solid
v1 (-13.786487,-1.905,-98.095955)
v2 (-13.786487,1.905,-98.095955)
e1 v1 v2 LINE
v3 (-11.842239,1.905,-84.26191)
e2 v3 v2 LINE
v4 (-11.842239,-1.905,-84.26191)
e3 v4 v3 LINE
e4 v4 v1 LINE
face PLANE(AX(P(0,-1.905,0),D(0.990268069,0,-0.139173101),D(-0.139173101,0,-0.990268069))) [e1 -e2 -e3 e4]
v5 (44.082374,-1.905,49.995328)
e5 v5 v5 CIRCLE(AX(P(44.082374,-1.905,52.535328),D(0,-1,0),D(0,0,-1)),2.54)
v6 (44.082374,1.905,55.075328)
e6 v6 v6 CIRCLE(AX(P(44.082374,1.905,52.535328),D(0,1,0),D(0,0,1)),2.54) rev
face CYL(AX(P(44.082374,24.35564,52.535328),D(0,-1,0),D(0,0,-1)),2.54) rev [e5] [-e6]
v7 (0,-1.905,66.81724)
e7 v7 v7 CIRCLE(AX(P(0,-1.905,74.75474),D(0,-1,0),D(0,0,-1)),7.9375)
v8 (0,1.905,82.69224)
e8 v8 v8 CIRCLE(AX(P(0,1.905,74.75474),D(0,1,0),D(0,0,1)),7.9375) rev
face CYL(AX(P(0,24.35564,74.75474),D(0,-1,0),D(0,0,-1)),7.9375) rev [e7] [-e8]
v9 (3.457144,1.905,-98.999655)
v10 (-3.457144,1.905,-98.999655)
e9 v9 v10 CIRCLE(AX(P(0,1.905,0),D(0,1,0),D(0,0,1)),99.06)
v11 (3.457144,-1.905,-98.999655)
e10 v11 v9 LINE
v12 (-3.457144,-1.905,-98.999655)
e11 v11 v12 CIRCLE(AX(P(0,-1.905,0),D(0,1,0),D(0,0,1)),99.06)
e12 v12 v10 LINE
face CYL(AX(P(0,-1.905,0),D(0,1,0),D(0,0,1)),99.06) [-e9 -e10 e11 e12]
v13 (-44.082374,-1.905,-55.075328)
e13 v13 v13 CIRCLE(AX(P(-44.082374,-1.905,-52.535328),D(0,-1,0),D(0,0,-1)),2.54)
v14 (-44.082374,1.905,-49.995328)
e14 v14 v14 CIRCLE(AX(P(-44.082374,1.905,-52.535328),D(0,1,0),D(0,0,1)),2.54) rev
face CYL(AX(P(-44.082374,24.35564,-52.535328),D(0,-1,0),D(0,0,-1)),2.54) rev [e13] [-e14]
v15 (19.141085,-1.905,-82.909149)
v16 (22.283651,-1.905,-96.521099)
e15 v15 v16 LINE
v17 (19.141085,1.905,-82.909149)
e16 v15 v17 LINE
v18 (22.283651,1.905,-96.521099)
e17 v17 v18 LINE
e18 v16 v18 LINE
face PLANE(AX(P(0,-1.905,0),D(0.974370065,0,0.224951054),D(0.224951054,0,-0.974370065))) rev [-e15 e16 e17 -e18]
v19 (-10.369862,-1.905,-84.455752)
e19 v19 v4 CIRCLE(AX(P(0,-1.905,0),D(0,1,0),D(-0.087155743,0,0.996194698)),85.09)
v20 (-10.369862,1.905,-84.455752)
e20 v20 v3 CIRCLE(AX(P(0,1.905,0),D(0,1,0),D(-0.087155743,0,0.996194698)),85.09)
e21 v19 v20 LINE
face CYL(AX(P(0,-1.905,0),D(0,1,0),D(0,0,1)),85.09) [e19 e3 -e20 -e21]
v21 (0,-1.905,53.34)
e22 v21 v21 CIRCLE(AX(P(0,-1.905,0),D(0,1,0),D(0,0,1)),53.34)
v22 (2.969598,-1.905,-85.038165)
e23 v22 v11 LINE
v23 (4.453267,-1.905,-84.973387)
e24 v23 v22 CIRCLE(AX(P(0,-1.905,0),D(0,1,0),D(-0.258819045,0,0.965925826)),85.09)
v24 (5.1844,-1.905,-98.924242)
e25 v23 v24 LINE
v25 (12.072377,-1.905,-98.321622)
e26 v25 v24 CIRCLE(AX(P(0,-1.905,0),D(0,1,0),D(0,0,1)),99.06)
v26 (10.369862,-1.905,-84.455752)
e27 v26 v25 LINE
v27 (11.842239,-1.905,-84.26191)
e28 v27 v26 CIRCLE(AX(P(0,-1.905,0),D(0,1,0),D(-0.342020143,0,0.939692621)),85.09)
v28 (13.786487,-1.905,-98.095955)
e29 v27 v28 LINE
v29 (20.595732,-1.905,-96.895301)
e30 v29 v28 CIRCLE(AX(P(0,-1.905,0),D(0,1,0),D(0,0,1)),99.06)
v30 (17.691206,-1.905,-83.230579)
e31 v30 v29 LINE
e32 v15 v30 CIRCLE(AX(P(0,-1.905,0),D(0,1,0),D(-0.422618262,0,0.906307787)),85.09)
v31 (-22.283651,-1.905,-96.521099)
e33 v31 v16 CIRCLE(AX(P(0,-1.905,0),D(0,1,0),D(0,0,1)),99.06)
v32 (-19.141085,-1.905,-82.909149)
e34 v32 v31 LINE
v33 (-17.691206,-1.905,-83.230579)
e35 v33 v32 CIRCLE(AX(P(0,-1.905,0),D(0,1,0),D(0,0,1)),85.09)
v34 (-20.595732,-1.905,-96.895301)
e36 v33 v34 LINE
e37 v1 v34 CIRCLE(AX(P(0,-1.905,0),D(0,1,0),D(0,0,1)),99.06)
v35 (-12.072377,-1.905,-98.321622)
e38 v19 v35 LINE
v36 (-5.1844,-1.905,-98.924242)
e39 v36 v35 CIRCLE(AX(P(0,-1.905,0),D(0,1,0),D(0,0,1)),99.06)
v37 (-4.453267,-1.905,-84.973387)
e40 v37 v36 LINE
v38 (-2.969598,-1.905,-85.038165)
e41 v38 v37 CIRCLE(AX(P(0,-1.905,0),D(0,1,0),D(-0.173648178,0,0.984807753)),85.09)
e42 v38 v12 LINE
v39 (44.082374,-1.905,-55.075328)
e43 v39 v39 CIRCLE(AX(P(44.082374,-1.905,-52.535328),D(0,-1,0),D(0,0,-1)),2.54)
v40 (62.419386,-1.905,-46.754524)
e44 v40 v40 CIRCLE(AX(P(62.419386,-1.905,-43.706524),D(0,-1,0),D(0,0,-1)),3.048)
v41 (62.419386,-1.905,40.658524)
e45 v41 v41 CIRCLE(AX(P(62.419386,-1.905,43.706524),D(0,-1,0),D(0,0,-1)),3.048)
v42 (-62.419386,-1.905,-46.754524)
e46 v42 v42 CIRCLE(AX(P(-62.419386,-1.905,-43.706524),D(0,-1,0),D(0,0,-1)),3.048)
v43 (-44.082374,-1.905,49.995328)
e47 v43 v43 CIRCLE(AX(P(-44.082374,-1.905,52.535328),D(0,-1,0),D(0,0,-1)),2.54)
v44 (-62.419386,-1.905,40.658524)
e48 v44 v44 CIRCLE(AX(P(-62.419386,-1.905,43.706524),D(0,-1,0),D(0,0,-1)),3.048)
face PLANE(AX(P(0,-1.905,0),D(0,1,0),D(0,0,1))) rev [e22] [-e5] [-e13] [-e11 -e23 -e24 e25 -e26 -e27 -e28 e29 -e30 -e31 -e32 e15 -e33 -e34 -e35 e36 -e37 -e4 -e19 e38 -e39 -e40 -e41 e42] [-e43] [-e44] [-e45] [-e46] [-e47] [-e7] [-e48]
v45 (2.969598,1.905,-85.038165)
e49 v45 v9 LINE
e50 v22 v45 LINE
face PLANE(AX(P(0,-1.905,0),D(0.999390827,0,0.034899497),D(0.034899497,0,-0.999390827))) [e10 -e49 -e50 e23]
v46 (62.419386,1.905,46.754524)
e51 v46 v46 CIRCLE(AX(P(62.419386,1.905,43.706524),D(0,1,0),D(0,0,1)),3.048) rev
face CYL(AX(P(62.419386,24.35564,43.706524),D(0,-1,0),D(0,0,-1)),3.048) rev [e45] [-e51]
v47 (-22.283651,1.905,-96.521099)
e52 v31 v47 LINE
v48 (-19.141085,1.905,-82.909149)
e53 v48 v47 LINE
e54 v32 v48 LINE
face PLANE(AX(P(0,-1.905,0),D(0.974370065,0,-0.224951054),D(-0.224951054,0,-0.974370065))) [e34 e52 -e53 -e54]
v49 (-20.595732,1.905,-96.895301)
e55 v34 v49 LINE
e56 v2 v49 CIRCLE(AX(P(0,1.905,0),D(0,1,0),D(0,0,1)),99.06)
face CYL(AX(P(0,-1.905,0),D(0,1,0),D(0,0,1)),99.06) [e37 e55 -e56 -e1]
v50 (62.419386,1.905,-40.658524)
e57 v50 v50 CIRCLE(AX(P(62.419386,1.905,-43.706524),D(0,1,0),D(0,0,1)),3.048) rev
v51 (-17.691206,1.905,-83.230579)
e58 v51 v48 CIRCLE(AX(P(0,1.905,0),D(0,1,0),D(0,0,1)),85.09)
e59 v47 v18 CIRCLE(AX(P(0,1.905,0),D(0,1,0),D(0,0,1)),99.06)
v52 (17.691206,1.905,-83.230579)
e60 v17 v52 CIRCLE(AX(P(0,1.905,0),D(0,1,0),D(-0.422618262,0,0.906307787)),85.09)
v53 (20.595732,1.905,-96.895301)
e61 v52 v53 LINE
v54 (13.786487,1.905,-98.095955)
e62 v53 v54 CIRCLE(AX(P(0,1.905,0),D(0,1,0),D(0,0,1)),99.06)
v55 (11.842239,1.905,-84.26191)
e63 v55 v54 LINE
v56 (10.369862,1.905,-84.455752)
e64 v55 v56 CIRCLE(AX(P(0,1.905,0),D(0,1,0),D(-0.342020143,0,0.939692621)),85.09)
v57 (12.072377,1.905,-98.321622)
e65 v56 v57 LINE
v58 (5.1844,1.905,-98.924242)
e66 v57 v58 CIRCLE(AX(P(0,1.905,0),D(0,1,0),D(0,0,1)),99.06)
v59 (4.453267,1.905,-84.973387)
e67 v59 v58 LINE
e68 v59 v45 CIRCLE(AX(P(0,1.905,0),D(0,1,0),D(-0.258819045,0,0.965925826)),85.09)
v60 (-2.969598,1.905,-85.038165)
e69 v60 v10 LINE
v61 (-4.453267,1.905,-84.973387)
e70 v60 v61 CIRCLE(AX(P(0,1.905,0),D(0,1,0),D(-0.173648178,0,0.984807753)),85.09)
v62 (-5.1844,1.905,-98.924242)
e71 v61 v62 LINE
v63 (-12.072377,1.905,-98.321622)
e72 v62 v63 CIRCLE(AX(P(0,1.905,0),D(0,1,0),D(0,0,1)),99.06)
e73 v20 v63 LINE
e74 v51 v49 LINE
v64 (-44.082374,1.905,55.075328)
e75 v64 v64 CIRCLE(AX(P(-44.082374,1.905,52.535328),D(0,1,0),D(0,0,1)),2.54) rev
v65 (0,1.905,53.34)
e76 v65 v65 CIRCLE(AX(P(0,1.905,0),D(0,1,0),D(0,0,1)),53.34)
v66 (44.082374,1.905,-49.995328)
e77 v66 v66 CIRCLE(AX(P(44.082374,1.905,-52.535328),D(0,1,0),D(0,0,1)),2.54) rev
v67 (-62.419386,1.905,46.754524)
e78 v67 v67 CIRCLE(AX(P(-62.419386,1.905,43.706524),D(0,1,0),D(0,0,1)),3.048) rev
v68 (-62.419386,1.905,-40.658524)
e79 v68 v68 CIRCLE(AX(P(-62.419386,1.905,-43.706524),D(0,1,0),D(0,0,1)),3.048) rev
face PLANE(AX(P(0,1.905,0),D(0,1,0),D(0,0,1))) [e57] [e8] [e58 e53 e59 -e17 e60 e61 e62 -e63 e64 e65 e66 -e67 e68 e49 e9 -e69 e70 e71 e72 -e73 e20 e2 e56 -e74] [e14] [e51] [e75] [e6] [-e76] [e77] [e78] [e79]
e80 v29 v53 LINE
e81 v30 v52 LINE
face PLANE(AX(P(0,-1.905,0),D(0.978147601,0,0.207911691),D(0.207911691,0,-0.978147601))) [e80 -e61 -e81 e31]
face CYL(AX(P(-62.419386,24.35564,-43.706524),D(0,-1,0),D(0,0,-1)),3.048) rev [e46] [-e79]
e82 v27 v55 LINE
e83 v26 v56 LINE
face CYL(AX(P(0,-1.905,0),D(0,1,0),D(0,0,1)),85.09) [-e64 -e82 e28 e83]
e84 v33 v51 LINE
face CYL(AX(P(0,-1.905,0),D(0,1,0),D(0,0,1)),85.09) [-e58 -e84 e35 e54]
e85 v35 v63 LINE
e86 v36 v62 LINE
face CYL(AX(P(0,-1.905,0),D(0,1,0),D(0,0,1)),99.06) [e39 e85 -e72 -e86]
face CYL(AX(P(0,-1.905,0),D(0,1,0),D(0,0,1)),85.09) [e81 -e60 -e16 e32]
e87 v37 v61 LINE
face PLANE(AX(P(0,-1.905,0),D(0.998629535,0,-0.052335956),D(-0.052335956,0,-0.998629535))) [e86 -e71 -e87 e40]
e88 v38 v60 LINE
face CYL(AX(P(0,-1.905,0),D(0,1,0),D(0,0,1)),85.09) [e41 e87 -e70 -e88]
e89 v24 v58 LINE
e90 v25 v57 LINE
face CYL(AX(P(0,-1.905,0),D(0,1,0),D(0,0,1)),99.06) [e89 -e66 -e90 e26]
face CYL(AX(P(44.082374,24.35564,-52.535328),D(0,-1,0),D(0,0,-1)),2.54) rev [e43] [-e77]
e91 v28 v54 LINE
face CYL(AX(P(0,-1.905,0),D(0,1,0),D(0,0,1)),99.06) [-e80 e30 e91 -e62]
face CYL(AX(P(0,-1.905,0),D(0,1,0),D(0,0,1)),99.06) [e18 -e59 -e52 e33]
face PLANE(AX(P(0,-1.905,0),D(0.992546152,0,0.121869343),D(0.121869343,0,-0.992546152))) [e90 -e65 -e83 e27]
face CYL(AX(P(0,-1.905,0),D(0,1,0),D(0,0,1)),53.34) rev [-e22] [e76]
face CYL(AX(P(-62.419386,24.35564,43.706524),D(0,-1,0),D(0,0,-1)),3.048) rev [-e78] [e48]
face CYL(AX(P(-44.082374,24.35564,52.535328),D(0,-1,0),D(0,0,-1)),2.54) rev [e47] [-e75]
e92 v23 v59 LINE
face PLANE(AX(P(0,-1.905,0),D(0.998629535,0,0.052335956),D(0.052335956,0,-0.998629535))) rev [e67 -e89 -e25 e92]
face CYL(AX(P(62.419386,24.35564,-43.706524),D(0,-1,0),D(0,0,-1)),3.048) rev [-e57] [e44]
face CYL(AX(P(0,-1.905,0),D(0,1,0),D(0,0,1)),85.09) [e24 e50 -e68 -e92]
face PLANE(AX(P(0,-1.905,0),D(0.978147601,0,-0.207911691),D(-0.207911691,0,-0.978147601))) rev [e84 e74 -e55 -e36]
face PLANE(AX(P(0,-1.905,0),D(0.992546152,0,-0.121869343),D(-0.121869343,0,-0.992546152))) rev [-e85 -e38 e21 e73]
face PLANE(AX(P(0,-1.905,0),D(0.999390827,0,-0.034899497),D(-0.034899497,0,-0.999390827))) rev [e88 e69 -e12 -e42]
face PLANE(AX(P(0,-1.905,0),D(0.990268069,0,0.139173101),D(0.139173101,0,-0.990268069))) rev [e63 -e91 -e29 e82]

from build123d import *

# Parameters (mm, degrees)
F_98MM_6ID_CENTERING_RING_SKETCH_R = 53.34
CENTERING_RING_EXTRUDE_DEPTH       = 1.905
CENTERING_RING_EXTRUDE_DEPTH_BACK  = 1.905
CUT_EXTRUDE3_DEPTH                 = 4.81
CIRPATTERN1_COUNT                  = 6
CIRPATTERN1_ANGLE                  = 25
SKETCH5_R                          = 3.048
SKETCH5_R_2                        = 2.54
SKETCH5_R_3                        = 7.9375
CUT_EXTRUDE4_DEPTH                 = 3.81


with BuildPart() as part:
    # 98mm - 6ID centering ring sketch → Centering Ring Extrude (new body, two sides)
    with BuildSketch(Plane(origin=(0, 0, 0), x_dir=(1, 0, 0), z_dir=(0, 1, 0))) as centering_ring_extrude_sk:
        with BuildLine():
            Line((56.425744124, 3.175), (99.009105516, 3.175))
            ThreePointArc((99.009105516, 3.175), (70.045997744, 70.045997744), (3.175, 99.009105516))
            Line((3.175, 99.009105516), (3.175, 56.425744124))
            ThreePointArc((3.175, 56.425744124), (0, 56.515), (-3.175, 56.425744124))
            Line((-3.175, 56.425744124), (-3.175, 99.009105516))
            ThreePointArc((-3.175, 99.009105516), (-70.045997744, 70.045997744), (-99.009105516, 3.175))
            Line((-99.009105516, 3.175), (-56.425744124, 3.175))
            ThreePointArc((-56.425744124, 3.175), (-56.515, 0), (-56.425744124, -3.175))
            Line((-56.425744124, -3.175), (-99.009105516, -3.175))
            ThreePointArc((-99.009105516, -3.175), (-70.045997744, -70.045997744), (-3.175, -99.009105516))
            Line((-3.175, -99.009105516), (-3.175, -56.425744124))
            ThreePointArc((-3.175, -56.425744124), (0, -56.515), (3.175, -56.425744124))
            Line((3.175, -56.425744124), (3.175, -99.009105516))
            ThreePointArc((3.175, -99.009105516), (70.045997744, -70.045997744), (99.009105516, -3.175))
            Line((99.009105516, -3.175), (56.425744124, -3.175))
            ThreePointArc((56.425744124, -3.175), (56.515, 0), (56.425744124, 3.175))
        make_face()
        Circle(F_98MM_6ID_CENTERING_RING_SKETCH_R, mode=Mode.SUBTRACT)
        with BuildLine():
            ThreePointArc((99.06, 0), (99.047275562, 1.587703943), (99.009105516, 3.175))
            Line((99.009105516, 3.175), (56.425744124, 3.175))
            ThreePointArc((56.425744124, 3.175), (56.515, 0), (56.425744124, -3.175))
            Line((56.425744124, -3.175), (99.009105516, -3.175))
            ThreePointArc((99.009105516, -3.175), (99.047275562, -1.587703943), (99.06, 0))
        make_face()
        with BuildLine():
            Line((3.175, 56.425744124), (3.175, 99.009105516))
            ThreePointArc((3.175, 99.009105516), (0, 99.06), (-3.175, 99.009105516))
            Line((-3.175, 99.009105516), (-3.175, 56.425744124))
            ThreePointArc((-3.175, 56.425744124), (0, 56.515), (3.175, 56.425744124))
        make_face()
        with BuildLine():
            Line((-56.425744124, 3.175), (-99.009105516, 3.175))
            ThreePointArc((-99.009105516, 3.175), (-99.06, 0), (-99.009105516, -3.175))
            Line((-99.009105516, -3.175), (-56.425744124, -3.175))
            ThreePointArc((-56.425744124, -3.175), (-56.515, 0), (-56.425744124, 3.175))
        make_face()
        with BuildLine():
            ThreePointArc((-3.175, -99.009105516), (0, -99.06), (3.175, -99.009105516))
            Line((3.175, -99.009105516), (3.175, -56.425744124))
            ThreePointArc((3.175, -56.425744124), (0, -56.515), (-3.175, -56.425744124))
            Line((-3.175, -56.425744124), (-3.175, -99.009105516))
        make_face()
    extrude(amount=CENTERING_RING_EXTRUDE_DEPTH)
    extrude(centering_ring_extrude_sk.sketch, amount=-CENTERING_RING_EXTRUDE_DEPTH_BACK)

    # Sketch3 → Cut-Extrude3 (cut, through all)
    with BuildSketch(Plane(origin=(0, 1.905, 0), x_dir=(1, 0, 0), z_dir=(0, 1, 0))):
        with BuildLine():
            Line((-22.283651443, 96.521098618), (-19.141085214, 82.909148813))
            ThreePointArc((-19.141085214, 82.909148813), (-18.41684675, 83.073027246), (-17.691205772, 83.230579346))
            Line((-17.691205772, 83.230579346), (-20.595732092, 96.895301329))
            ThreePointArc((-20.595732092, 96.895301329), (-21.440508157, 96.711882465), (-22.283651443, 96.521098618))
        make_face()
    cut_extrude3 = extrude(amount=-CUT_EXTRUDE3_DEPTH, mode=Mode.SUBTRACT)

    # CirPattern1: Cut-Extrude3 ×6 about axis
    cirpattern1_axis = Axis((0, 0, 0), (0, -1, 0))
    for i in range(1, CIRPATTERN1_COUNT):
        add(cut_extrude3.rotate(cirpattern1_axis, i * CIRPATTERN1_ANGLE / (CIRPATTERN1_COUNT - 1)), mode=Mode.SUBTRACT)

    # Sketch5 → Cut-Extrude4 (cut)
    with BuildSketch(Plane.XZ.offset(1.905)):
        with Locations((-62.419385775, 43.70652445)):
            Circle(SKETCH5_R)
        with Locations((-44.082374272, 52.535327909)):
            Circle(SKETCH5_R_2)
        with Locations((44.082374272, 52.535327909)):
            Circle(SKETCH5_R_2)
        with Locations((62.419385775, 43.70652445)):
            Circle(SKETCH5_R)
        with Locations((62.419385775, -43.70652445)):
            Circle(SKETCH5_R)
        with Locations((44.082374272, -52.535327909)):
            Circle(SKETCH5_R_2)
        with Locations((-44.082374272, -52.535327909)):
            Circle(SKETCH5_R_2)
        with Locations((-62.419385775, -43.70652445)):
            Circle(SKETCH5_R)
        with Locations((0, 74.75474)):
            Circle(SKETCH5_R_3)
    extrude(amount=-CUT_EXTRUDE4_DEPTH, mode=Mode.SUBTRACT)


solid = part.part
